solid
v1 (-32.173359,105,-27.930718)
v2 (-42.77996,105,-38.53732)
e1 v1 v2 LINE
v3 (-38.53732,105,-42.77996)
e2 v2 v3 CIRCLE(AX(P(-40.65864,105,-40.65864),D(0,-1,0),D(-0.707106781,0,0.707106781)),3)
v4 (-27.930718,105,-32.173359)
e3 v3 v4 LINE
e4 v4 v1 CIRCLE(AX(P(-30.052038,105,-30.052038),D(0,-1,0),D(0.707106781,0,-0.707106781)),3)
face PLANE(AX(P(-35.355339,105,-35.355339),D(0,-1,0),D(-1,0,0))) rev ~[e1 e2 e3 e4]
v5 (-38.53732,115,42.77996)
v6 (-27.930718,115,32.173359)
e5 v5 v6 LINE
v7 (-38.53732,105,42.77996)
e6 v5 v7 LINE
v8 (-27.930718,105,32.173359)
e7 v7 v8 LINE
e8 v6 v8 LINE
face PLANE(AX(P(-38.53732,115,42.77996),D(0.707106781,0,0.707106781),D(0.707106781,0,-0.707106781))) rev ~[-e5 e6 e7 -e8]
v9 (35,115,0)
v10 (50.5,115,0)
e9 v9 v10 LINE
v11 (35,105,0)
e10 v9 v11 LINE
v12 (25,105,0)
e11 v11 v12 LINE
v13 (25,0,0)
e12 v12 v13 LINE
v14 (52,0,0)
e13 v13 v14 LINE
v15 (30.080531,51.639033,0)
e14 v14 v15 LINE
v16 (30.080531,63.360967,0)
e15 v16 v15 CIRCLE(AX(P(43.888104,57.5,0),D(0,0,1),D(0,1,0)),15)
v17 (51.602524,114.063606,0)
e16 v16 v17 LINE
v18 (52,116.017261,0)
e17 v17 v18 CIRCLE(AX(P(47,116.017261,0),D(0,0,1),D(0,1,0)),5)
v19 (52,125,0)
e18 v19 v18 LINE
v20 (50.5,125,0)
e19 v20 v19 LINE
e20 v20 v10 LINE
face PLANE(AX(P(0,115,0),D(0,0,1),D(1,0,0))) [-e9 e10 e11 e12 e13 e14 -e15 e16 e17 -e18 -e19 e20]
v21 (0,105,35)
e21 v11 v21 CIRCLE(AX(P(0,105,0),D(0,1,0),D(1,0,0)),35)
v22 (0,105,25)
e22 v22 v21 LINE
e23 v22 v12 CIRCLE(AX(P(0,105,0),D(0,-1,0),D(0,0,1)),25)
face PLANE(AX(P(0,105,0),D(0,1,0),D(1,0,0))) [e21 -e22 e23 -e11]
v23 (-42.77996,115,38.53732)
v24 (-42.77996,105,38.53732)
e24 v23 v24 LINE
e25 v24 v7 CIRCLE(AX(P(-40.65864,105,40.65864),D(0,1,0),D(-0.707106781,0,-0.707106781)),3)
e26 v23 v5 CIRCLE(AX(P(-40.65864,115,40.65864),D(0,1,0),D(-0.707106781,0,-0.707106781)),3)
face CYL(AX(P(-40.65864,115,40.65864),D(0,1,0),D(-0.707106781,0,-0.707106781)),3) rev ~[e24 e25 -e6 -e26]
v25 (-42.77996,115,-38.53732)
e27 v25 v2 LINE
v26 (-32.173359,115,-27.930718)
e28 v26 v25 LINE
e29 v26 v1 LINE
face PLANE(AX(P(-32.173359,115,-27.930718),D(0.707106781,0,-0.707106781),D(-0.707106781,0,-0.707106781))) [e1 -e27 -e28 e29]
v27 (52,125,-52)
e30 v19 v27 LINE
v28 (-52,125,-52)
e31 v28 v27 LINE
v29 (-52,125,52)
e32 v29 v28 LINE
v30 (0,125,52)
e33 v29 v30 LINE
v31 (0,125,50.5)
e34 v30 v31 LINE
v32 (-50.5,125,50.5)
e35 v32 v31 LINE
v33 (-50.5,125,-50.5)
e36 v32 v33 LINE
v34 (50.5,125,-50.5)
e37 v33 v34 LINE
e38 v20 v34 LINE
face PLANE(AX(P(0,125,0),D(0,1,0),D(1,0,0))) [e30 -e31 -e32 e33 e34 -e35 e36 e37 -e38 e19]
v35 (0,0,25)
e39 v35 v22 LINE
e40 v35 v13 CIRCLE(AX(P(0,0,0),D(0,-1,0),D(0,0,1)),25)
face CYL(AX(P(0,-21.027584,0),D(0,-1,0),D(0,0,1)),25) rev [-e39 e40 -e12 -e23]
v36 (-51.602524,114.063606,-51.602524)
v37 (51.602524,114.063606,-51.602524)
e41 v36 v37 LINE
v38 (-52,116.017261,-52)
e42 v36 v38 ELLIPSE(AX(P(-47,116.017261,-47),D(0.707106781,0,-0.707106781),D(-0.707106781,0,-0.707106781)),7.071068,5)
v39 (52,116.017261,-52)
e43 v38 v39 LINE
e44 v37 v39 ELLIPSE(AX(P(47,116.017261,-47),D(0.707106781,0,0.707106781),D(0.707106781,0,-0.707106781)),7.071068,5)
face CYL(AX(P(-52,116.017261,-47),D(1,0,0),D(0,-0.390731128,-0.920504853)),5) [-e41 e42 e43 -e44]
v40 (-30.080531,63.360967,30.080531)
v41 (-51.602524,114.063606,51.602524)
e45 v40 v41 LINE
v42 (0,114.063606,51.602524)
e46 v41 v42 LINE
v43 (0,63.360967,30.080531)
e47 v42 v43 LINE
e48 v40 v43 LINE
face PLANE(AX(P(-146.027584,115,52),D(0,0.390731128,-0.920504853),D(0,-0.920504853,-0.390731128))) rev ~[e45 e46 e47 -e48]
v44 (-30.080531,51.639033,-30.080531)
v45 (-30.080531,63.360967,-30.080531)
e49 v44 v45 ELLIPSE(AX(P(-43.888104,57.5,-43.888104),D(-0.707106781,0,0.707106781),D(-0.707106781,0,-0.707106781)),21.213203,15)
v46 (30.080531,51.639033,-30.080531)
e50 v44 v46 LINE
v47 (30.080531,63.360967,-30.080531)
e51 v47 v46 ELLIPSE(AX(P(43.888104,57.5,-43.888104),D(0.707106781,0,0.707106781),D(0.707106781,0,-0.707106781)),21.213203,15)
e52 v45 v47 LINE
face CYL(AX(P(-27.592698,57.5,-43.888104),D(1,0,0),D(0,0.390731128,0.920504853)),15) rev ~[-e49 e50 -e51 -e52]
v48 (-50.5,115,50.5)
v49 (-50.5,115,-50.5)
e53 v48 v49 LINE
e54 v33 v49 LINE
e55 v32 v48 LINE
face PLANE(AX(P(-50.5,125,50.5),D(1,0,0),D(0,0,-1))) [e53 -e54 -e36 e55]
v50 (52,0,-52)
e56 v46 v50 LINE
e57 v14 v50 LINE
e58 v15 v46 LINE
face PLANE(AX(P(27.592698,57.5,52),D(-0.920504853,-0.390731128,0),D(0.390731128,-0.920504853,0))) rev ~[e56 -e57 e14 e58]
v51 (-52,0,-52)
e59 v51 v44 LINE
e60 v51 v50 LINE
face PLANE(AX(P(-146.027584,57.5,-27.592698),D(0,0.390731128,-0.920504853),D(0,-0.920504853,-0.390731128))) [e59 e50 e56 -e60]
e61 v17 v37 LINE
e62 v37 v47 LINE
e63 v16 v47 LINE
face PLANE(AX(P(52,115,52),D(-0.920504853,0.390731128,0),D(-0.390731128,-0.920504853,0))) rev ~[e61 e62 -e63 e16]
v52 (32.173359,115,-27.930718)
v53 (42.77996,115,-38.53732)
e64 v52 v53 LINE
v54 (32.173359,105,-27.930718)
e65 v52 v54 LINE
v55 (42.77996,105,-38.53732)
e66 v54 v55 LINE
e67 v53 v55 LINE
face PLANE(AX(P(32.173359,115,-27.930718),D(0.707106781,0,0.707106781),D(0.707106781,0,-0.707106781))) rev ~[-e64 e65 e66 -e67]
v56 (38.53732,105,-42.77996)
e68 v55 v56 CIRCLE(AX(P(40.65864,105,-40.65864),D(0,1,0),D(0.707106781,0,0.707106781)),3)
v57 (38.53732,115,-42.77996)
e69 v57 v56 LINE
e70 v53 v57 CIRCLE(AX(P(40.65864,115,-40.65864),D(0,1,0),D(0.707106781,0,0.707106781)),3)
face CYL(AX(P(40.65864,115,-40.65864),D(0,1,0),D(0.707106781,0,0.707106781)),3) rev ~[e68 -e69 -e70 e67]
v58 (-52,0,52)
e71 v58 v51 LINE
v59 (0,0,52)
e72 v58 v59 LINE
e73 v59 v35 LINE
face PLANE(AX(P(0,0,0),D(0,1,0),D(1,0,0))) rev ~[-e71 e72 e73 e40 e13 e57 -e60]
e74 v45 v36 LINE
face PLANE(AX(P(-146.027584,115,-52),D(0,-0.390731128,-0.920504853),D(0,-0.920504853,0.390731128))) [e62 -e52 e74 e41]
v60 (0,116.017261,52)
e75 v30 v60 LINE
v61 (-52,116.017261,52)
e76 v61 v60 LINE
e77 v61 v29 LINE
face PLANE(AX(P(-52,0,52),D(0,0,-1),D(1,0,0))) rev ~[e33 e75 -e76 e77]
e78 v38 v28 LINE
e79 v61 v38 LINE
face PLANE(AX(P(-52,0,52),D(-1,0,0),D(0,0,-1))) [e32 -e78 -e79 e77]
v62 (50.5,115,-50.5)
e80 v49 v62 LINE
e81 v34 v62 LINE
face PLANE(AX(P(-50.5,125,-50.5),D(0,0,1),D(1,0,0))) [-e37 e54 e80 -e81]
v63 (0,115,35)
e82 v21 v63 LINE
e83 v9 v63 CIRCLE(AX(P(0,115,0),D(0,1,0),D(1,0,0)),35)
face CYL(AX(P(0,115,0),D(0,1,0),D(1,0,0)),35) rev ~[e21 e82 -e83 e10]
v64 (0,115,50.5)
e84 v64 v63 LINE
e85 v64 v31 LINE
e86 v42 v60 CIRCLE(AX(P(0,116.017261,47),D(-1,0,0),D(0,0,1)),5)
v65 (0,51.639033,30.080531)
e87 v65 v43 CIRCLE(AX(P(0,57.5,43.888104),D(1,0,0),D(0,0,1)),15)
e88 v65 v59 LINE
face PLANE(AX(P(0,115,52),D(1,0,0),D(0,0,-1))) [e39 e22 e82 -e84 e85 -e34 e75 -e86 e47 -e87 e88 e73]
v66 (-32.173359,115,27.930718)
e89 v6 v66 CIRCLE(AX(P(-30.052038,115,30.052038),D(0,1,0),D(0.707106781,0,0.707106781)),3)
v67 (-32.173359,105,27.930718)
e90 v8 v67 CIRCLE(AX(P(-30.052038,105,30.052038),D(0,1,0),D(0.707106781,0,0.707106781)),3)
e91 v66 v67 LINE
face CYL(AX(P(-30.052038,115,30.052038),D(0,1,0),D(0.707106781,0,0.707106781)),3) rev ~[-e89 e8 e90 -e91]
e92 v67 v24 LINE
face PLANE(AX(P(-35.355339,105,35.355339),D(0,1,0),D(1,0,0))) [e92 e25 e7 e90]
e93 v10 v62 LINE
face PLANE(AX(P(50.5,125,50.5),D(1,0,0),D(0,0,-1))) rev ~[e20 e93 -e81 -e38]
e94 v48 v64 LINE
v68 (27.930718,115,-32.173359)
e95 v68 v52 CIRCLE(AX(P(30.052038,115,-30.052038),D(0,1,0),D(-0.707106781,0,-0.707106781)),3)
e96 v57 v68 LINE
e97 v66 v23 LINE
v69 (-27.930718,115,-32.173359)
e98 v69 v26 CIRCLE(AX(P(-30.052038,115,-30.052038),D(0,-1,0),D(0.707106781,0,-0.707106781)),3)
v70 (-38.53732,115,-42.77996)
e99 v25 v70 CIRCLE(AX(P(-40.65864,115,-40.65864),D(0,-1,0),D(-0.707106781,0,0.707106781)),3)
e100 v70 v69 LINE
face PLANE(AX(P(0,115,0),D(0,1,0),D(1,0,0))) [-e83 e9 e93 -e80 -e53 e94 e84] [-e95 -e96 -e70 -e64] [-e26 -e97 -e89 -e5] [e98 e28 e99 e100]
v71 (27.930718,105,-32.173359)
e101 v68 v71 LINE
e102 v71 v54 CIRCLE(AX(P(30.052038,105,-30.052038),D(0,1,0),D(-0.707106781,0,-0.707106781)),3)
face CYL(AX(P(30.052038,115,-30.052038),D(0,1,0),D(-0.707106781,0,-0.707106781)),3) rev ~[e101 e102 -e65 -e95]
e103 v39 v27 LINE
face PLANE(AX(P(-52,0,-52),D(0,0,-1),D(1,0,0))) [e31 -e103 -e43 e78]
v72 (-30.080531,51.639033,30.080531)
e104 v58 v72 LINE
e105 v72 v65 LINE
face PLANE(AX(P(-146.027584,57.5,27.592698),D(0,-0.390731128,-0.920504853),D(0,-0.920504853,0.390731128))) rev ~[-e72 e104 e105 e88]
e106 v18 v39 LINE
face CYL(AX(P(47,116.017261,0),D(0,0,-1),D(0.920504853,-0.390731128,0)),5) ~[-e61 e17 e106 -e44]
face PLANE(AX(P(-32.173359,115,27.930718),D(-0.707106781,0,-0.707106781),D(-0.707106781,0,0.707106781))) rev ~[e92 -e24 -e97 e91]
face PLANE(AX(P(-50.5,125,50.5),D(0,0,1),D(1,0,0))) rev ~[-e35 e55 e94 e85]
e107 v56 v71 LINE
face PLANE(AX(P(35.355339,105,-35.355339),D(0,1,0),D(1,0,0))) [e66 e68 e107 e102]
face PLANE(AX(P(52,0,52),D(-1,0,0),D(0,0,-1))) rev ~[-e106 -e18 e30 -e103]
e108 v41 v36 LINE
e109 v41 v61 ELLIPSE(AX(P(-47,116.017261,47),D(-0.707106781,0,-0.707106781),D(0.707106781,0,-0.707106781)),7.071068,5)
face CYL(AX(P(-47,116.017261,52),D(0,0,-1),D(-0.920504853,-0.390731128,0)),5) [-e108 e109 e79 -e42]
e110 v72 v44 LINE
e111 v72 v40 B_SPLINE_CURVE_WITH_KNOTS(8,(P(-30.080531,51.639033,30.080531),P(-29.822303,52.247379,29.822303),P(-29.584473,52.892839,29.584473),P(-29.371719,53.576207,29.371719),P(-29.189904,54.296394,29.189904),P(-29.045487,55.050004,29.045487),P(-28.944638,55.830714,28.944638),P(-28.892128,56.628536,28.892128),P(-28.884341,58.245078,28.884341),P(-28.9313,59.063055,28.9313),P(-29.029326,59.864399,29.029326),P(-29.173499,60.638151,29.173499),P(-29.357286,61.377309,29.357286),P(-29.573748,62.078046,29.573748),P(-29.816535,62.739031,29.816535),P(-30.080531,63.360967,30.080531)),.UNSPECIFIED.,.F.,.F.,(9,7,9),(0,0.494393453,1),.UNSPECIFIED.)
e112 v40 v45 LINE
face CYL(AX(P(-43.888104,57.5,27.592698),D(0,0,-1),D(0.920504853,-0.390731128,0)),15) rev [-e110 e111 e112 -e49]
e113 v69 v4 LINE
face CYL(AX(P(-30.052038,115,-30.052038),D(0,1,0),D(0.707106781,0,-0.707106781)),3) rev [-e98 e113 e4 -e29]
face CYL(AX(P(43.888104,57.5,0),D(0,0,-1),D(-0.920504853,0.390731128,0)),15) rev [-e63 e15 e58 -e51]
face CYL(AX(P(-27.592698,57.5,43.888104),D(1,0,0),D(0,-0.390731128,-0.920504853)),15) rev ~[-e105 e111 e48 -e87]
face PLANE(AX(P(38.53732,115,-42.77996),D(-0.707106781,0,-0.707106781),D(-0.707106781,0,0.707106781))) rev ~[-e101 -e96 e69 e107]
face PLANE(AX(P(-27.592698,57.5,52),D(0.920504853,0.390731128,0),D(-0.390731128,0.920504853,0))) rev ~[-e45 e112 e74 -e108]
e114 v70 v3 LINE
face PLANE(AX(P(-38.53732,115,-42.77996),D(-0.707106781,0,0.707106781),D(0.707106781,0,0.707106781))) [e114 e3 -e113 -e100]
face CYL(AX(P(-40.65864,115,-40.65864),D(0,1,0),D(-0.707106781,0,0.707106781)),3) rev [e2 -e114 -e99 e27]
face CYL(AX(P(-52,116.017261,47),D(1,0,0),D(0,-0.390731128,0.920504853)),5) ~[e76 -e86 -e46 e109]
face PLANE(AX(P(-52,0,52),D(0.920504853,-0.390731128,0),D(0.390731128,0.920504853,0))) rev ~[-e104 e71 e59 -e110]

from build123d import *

# Parameters (mm, degrees)
SKETCH1_W               = 104
SKETCH1_H               = 104
BOSS_EXTRUDE1_DEPTH     = 125
CUT_EXTRUDE3_DEPTH      = 125
CUT_EXTRUDE4_DEPTH      = 146.027583583
CUT_EXTRUDE4_DEPTH_BACK = 146.027583583
CUT_EXTRUDE5_DEPTH      = 146.027583583
CUT_EXTRUDE5_DEPTH_BACK = 146.027583583
SKETCH4_R               = 25
SKETCH5_W               = 101
SKETCH5_H               = 101
CUT_EXTRUDE6_DEPTH      = 10
SKETCH6_W               = 52
SKETCH6_H               = 52
CUT_EXTRUDE7_DEPTH      = 125
SKETCH7_W               = 52
SKETCH7_H               = 52
CUT_EXTRUDE8_DEPTH      = 125
SKETCH8_R               = 35
CUT_EXTRUDE9_DEPTH      = 10
CUT_EXTRUDE10_DEPTH     = 10
FILLET3_R               = 5
FILLET4_R               = 15


with BuildPart() as part:
    # Sketch1 → Boss-Extrude1 (new body)
    with BuildSketch(Plane(origin=(0, 0, 0), x_dir=(1, 0, 0), z_dir=(0, 1, 0))):
        Rectangle(SKETCH1_W, SKETCH1_H)
    extrude(amount=BOSS_EXTRUDE1_DEPTH)

    # Sketch2 → Cut-Extrude3 (cut)
    with BuildSketch(Plane.XY.offset(52)):
        Polygon((-27.592698068, 57.5), (-52, 115), (-52, 0), align=None)
        Polygon((52, 0), (52, 115), (27.592698068, 57.5), align=None)
    extrude(amount=-CUT_EXTRUDE3_DEPTH, mode=Mode.SUBTRACT)

    # Sketch3 → Cut-Extrude4 (cut, two sides: drawn at the far end of the back side and taken through both)
    with BuildSketch(Plane(origin=(0, 0, 0), x_dir=(0, 0, -1), z_dir=(1, 0, 0)).offset(-CUT_EXTRUDE4_DEPTH_BACK)):
        Polygon((-52, 115), (-27.592698068, 57.5), (-52, 0), align=None)
        Polygon((52, 115), (27.592698068, 57.5), (52, 0), align=None)
    extrude(amount=CUT_EXTRUDE4_DEPTH + CUT_EXTRUDE4_DEPTH_BACK, mode=Mode.SUBTRACT)

    # Sketch4 → Cut-Extrude5 (cut, two sides: drawn at the far end of the back side and taken through both)
    with BuildSketch(Plane(origin=(0, 125, 0), x_dir=(1, 0, 0), z_dir=(0, 1, 0)).offset(-CUT_EXTRUDE5_DEPTH_BACK)):
        with Locations(Location((0, 0, 0), (0, 0, 270))):
            Circle(SKETCH4_R)
    extrude(amount=CUT_EXTRUDE5_DEPTH + CUT_EXTRUDE5_DEPTH_BACK, mode=Mode.SUBTRACT)

    # Sketch5 → Cut-Extrude6 (cut)
    with BuildSketch(Plane(origin=(0, 125, 0), x_dir=(1, 0, 0), z_dir=(0, 1, 0))):
        Rectangle(SKETCH5_W, SKETCH5_H)
    extrude(amount=-CUT_EXTRUDE6_DEPTH, mode=Mode.SUBTRACT)

    # Sketch6 → Cut-Extrude7 (cut)
    with BuildSketch(Plane(origin=(0, 115, 0), x_dir=(1, 0, 0), z_dir=(0, 1, 0))):
        with Locations((26, -26)):
            Rectangle(SKETCH6_W, SKETCH6_H)
    extrude(amount=-CUT_EXTRUDE7_DEPTH, mode=Mode.SUBTRACT)

    # Sketch7 → Cut-Extrude8 (cut)
    with BuildSketch(Plane(origin=(0, 125, 0), x_dir=(1, 0, 0), z_dir=(0, 1, 0))):
        with Locations((26, -26)):
            Rectangle(SKETCH7_W, SKETCH7_H)
    extrude(amount=-CUT_EXTRUDE8_DEPTH, mode=Mode.SUBTRACT)

    # Sketch8 → Cut-Extrude9 (cut)
    with BuildSketch(Plane(origin=(0, 115, 0), x_dir=(1, 0, 0), z_dir=(0, 1, 0))):
        Circle(SKETCH8_R)
    extrude(amount=-CUT_EXTRUDE9_DEPTH, mode=Mode.SUBTRACT)

    # Sketch9 → Cut-Extrude10 (cut)
    with BuildSketch(Plane(origin=(0, 115, 0), x_dir=(1, 0, 0), z_dir=(0, 1, 0))):
        with BuildLine():
            Line((-38.537319575, 42.779960262), (-27.930717857, 32.173358544))
            ThreePointArc((-27.930717857, 32.173358544), (-27.930717857, 27.930717857), (-32.173358544, 27.930717857))
            Line((-32.173358544, 27.930717857), (-42.779960262, 38.537319575))
            ThreePointArc((-42.779960262, 38.537319575), (-42.779960262, 42.779960262), (-38.537319575, 42.779960262))
        make_face()
        with BuildLine():
            Line((38.537319575, 42.779960262), (27.930717857, 32.173358544))
            ThreePointArc((27.930717857, 32.173358544), (27.930717857, 27.930717857), (32.173358544, 27.930717857))
            Line((32.173358544, 27.930717857), (42.779960262, 38.537319575))
            ThreePointArc((42.779960262, 38.537319575), (42.779960262, 42.779960262), (38.537319575, 42.779960262))
        make_face()
        with BuildLine():
            Line((-38.537319575, -42.779960262), (-27.930717857, -32.173358544))
            ThreePointArc((-27.930717857, -32.173358544), (-27.930717857, -27.930717857), (-32.173358544, -27.930717857))
            Line((-32.173358544, -27.930717857), (-42.779960262, -38.537319575))
            ThreePointArc((-42.779960262, -38.537319575), (-42.779960262, -42.779960262), (-38.537319575, -42.779960262))
        make_face()
    extrude(amount=-CUT_EXTRUDE10_DEPTH, mode=Mode.SUBTRACT)

    # Fillet3
    fillet3_edges = [part.edges().sort_by_distance(p)[0] for p in [
        (-52, 115, 0),
        (52, 115, -26),
        (-26, 115, 52),
        (0, 115, -52),
    ]]
    fillet(fillet3_edges, radius=FILLET3_R)

    # Fillet4
    fillet4_edges = [part.edges().sort_by_distance(p)[0] for p in [
        (-27.592698068, 57.5, 0),
        (27.592698068, 57.5, -13.796349034),
        (-13.796349034, 57.5, 27.592698068),
        (0, 57.5, -27.592698068),
    ]]
    fillet(fillet4_edges, radius=FILLET4_R)


solid = part.part
